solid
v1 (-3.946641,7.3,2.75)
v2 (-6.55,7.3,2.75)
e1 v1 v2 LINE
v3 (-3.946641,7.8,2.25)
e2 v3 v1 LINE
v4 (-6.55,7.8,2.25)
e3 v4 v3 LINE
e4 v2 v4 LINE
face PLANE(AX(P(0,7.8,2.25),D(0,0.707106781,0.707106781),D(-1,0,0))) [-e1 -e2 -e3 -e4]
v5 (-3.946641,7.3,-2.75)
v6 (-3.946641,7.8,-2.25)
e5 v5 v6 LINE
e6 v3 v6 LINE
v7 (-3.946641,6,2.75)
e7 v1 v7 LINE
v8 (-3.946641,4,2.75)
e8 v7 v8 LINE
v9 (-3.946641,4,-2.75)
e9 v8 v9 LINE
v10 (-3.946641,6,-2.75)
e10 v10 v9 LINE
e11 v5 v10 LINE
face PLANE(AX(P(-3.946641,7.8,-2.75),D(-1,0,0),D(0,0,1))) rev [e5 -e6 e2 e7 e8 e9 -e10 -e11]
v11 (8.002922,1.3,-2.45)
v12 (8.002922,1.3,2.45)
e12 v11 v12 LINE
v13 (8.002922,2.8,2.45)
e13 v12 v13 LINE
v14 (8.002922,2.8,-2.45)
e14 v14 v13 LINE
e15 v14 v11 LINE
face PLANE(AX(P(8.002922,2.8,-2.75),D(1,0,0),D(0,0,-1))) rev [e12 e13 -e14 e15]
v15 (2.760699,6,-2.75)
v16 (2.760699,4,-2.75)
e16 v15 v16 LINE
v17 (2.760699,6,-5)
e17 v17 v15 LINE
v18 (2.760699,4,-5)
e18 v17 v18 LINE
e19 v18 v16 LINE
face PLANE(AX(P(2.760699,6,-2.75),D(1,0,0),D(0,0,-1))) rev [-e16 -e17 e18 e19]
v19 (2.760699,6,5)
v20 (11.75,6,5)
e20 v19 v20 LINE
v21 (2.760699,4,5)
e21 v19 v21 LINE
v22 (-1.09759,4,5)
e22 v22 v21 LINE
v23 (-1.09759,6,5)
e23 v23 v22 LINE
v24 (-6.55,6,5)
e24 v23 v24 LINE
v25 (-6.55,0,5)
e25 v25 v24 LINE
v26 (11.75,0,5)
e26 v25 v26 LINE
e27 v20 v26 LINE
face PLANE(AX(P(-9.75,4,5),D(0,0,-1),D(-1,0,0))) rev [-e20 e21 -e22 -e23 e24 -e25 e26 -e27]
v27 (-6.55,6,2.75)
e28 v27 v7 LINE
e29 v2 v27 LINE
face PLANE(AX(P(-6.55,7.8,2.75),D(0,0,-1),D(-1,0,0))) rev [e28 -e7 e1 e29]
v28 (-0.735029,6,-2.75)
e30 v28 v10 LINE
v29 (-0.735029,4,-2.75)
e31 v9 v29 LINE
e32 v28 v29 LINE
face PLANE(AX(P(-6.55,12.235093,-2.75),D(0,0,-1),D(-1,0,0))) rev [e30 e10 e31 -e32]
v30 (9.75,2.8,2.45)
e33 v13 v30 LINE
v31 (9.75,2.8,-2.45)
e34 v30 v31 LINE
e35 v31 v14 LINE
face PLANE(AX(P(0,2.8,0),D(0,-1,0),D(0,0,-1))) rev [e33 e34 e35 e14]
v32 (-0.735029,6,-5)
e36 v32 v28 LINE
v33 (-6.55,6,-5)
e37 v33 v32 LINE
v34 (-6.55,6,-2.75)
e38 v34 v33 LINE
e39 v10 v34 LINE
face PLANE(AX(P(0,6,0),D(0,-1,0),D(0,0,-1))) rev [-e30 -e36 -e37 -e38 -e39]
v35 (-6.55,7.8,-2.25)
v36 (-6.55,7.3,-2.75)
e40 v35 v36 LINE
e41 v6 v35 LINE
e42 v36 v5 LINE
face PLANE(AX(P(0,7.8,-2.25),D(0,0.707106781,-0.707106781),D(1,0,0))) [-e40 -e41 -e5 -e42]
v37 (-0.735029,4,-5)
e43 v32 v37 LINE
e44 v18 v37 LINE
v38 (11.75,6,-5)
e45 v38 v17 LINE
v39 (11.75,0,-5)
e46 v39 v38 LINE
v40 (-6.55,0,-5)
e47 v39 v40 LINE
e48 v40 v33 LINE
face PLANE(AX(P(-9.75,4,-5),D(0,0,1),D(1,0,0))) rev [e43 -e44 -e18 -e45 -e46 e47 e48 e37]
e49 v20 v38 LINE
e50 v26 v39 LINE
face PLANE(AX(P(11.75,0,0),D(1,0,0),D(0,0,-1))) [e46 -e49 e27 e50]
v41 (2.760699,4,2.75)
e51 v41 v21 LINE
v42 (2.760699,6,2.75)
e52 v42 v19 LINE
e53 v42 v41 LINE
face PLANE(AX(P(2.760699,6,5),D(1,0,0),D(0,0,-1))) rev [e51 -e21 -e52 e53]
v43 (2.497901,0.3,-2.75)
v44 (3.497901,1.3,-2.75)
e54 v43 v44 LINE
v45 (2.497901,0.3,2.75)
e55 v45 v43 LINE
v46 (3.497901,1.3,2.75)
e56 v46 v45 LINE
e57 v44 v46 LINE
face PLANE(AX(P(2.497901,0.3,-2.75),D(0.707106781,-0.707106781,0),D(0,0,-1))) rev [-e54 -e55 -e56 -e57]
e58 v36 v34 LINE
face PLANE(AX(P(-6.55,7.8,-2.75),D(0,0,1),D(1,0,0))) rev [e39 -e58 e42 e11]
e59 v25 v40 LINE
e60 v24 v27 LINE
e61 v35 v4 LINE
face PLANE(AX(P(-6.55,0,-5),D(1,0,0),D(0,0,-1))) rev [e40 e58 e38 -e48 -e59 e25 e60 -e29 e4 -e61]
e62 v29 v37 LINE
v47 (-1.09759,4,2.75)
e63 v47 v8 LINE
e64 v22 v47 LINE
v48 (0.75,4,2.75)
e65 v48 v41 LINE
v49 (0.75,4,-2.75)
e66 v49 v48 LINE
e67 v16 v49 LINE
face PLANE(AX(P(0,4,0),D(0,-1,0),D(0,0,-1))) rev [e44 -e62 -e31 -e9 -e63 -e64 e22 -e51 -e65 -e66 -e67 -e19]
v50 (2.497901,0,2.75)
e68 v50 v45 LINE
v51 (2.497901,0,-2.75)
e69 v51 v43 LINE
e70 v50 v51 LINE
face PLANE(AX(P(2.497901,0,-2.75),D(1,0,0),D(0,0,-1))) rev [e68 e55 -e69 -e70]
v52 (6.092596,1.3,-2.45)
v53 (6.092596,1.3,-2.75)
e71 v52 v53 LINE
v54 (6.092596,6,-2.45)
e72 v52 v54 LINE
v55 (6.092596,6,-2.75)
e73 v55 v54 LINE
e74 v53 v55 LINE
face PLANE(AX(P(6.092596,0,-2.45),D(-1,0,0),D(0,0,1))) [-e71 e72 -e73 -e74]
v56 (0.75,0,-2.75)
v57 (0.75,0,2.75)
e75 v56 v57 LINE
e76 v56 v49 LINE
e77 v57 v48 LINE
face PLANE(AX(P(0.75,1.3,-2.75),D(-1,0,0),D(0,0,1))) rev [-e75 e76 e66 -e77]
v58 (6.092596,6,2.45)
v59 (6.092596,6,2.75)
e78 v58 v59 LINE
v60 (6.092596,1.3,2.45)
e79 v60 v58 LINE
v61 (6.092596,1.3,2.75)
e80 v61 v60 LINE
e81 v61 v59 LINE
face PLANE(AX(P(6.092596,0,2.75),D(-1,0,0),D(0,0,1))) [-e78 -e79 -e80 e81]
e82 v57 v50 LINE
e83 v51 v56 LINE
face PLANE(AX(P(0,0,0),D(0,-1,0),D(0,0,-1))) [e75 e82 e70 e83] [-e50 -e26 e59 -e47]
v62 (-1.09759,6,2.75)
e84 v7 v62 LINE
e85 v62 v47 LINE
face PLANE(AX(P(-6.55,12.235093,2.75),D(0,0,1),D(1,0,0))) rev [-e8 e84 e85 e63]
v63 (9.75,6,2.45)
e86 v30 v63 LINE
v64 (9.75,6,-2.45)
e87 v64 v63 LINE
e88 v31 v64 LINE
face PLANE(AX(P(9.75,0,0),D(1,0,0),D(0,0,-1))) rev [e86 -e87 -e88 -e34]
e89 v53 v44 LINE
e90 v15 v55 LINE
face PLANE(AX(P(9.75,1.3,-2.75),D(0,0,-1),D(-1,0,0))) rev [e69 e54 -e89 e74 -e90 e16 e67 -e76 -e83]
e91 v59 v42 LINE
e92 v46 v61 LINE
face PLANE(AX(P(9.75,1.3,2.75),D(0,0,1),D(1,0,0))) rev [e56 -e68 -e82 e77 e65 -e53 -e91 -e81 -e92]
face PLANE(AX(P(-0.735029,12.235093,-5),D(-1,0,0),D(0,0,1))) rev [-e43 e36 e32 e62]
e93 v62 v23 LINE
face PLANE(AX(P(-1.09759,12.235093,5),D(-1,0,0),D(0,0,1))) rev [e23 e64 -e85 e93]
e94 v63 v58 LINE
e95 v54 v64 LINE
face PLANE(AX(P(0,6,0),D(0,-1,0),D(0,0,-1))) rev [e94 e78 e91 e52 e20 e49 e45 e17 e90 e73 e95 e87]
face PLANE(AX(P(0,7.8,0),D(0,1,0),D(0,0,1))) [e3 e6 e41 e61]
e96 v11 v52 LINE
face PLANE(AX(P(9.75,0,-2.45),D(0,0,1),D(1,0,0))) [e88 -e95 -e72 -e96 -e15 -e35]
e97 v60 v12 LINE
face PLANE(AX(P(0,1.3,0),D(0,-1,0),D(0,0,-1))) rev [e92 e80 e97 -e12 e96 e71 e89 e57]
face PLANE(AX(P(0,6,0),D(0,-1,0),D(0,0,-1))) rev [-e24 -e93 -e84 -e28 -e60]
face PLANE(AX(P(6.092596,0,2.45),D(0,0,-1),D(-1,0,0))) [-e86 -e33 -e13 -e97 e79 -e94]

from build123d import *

# Parameters (mm, degrees)
SKETCH1_W           = 19.5
SKETCH1_H           = 10
BOSS_EXTRUDE1_DEPTH = 4
SKETCH2_W           = 9
SKETCH2_H           = 5.5
CUT_EXTRUDE1_DEPTH  = 2.7
SKETCH3_W           = 3.2
SKETCH3_H           = 3.9
CUT_EXTRUDE2_DEPTH  = 12.664583147
SKETCH4_W           = 1.747901038
SKETCH4_H           = 5.5
CUT_EXTRUDE3_DEPTH  = 12.285056491
CHAMFER2_SIZE       = 1
SKETCH5_W           = 10
SKETCH5_H           = 4
BOSS_EXTRUDE2_DEPTH = 2
SKETCH6_W           = 1.747077863
SKETCH6_H           = 5.5
BOSS_EXTRUDE3_DEPTH = 1.5
BOSS_EXTRUDE4_DEPTH = 2
BOSS_EXTRUDE5_REACH = 16.109
SKETCH9_W           = 3.657403566
SKETCH9_H           = 0.3
SKETCH10_W          = 5.81497097
SKETCH10_H          = 2.25
SKETCH10_W_2        = 5.452409629
BOSS_EXTRUDE6_DEPTH = 2
SKETCH11_W          = 2.603359148
SKETCH11_H          = 5.5
BOSS_EXTRUDE7_DEPTH = 3.8
CHAMFER3_SIZE       = 0.5
SKETCH12_W          = 10
SKETCH12_H          = 6
CUT_EXTRUDE4_DEPTH  = 3.8


with BuildPart() as part:
    # Sketch1 → Boss-Extrude1 (new body)
    with BuildSketch(Plane(origin=(0, 0, 0), x_dir=(1, 0, 0), z_dir=(0, 1, 0))):
        Rectangle(SKETCH1_W, SKETCH1_H)
    extrude(amount=BOSS_EXTRUDE1_DEPTH)

    # Sketch2 → Cut-Extrude1 (cut)
    with BuildSketch(Plane(origin=(0, 4, 0), x_dir=(1, 0, 0), z_dir=(0, 1, 0))):
        with Locations((5.25, 0)):
            Rectangle(SKETCH2_W, SKETCH2_H)
    extrude(amount=-CUT_EXTRUDE1_DEPTH, mode=Mode.SUBTRACT)

    # Sketch3 → Cut-Extrude2 (cut, through all)
    with BuildSketch(Plane(origin=(0, 4, 0), x_dir=(1, 0, 0), z_dir=(0, 1, 0))):
        with Locations((-8.15, 3.05)):
            Rectangle(SKETCH3_W, SKETCH3_H)
        with Locations((-8.15, -3.05)):
            Rectangle(SKETCH3_W, SKETCH3_H)
    extrude(amount=-CUT_EXTRUDE2_DEPTH, mode=Mode.SUBTRACT)

    # Sketch4 → Cut-Extrude3 (cut, through all)
    with BuildSketch(Plane(origin=(0, 1.3, 0), x_dir=(1, 0, 0), z_dir=(0, 1, 0))):
        with Locations((1.623950519, 0)):
            Rectangle(SKETCH4_W, SKETCH4_H)
    extrude(amount=-CUT_EXTRUDE3_DEPTH, mode=Mode.SUBTRACT)

    # Chamfer2
    chamfer2_edges = [part.edges().sort_by_distance(p)[0] for p in [
        (2.497901038, 1.3, 0),
    ]]
    chamfer(chamfer2_edges, length=CHAMFER2_SIZE)

    # Sketch5 → Boss-Extrude2 (add)
    with BuildSketch(Plane(origin=(9.75, 0, 0), x_dir=(0, 0, -1), z_dir=(1, 0, 0))):
        with Locations((0, 2)):
            Rectangle(SKETCH5_W, SKETCH5_H)
    extrude(amount=BOSS_EXTRUDE2_DEPTH)

    # Sketch6 → Boss-Extrude3 (add)
    with BuildSketch(Plane(origin=(0, 1.3, 0), x_dir=(1, 0, 0), z_dir=(0, 1, 0))):
        with Locations((8.876461068, 0)):
            Rectangle(SKETCH6_W, SKETCH6_H)
    extrude(amount=BOSS_EXTRUDE3_DEPTH)

    # Sketch7 → Boss-Extrude4 (add)
    with BuildSketch(Plane(origin=(0, 4, 0), x_dir=(1, 0, 0), z_dir=(0, 1, 0))):
        Polygon((2.760699465, 2.75), (2.760699465, 5), (11.75, 5), (11.75, -5), (2.760699465, -5), (2.760699465, -2.75), (9.75, -2.75), (9.75, 2.75), align=None)
    extrude(amount=BOSS_EXTRUDE4_DEPTH)

    # Sketch9 → Boss-Extrude5 (add, up to next)
    with BuildSketch(Plane(origin=(0, 6, 0), x_dir=(1, 0, 0), z_dir=(0, 1, 0)), mode=Mode.PRIVATE) as boss_extrude5_sk1:
        with Locations((7.921298217, 2.6)):
            Rectangle(SKETCH9_W, SKETCH9_H)
    boss_extrude5_tool1 = extrude(boss_extrude5_sk1.sketch, amount=-BOSS_EXTRUDE5_REACH, mode=Mode.PRIVATE) - part.part
    # Sketch9 → Boss-Extrude5 (add, up to next)
    with BuildSketch(Plane(origin=(0, 6, 0), x_dir=(1, 0, 0), z_dir=(0, 1, 0)), mode=Mode.PRIVATE) as boss_extrude5_sk2:
        with Locations((7.921298217, -2.6)):
            Rectangle(SKETCH9_W, SKETCH9_H)
    boss_extrude5_tool2 = extrude(boss_extrude5_sk2.sketch, amount=-BOSS_EXTRUDE5_REACH, mode=Mode.PRIVATE) - part.part
    add(boss_extrude5_tool1.solids().sort_by_distance((7.921298, 6, -2.6))[0])
    add(boss_extrude5_tool2.solids().sort_by_distance((7.921298, 6, 2.6))[0])

    # Sketch10 → Boss-Extrude6 (add)
    with BuildSketch(Plane(origin=(0, 4, 0), x_dir=(1, 0, 0), z_dir=(0, 1, 0))):
        with Locations((-3.642514515, 3.875)):
            Rectangle(SKETCH10_W, SKETCH10_H)
        with Locations((-3.823795186, -3.875)):
            Rectangle(SKETCH10_W_2, SKETCH10_H)
    extrude(amount=BOSS_EXTRUDE6_DEPTH)

    # Sketch11 → Boss-Extrude7 (add)
    with BuildSketch(Plane(origin=(0, 4, 0), x_dir=(1, 0, 0), z_dir=(0, 1, 0))):
        with Locations((-5.248320426, 0)):
            Rectangle(SKETCH11_W, SKETCH11_H)
    extrude(amount=BOSS_EXTRUDE7_DEPTH)

    # Chamfer3
    chamfer3_edges = [part.edges().sort_by_distance(p)[0] for p in [
        (-5.248320426, 7.8, 2.75),
        (-5.248320426, 7.8, -2.75),
    ]]
    chamfer(chamfer3_edges, length=CHAMFER3_SIZE)

    # Sketch12 → Cut-Extrude4 (cut)
    with BuildSketch(Plane.ZY.offset(6.55)):
        with Locations((0, 3)):
            Rectangle(SKETCH12_W, SKETCH12_H)
    extrude(amount=CUT_EXTRUDE4_DEPTH, mode=Mode.SUBTRACT)


solid = part.part
